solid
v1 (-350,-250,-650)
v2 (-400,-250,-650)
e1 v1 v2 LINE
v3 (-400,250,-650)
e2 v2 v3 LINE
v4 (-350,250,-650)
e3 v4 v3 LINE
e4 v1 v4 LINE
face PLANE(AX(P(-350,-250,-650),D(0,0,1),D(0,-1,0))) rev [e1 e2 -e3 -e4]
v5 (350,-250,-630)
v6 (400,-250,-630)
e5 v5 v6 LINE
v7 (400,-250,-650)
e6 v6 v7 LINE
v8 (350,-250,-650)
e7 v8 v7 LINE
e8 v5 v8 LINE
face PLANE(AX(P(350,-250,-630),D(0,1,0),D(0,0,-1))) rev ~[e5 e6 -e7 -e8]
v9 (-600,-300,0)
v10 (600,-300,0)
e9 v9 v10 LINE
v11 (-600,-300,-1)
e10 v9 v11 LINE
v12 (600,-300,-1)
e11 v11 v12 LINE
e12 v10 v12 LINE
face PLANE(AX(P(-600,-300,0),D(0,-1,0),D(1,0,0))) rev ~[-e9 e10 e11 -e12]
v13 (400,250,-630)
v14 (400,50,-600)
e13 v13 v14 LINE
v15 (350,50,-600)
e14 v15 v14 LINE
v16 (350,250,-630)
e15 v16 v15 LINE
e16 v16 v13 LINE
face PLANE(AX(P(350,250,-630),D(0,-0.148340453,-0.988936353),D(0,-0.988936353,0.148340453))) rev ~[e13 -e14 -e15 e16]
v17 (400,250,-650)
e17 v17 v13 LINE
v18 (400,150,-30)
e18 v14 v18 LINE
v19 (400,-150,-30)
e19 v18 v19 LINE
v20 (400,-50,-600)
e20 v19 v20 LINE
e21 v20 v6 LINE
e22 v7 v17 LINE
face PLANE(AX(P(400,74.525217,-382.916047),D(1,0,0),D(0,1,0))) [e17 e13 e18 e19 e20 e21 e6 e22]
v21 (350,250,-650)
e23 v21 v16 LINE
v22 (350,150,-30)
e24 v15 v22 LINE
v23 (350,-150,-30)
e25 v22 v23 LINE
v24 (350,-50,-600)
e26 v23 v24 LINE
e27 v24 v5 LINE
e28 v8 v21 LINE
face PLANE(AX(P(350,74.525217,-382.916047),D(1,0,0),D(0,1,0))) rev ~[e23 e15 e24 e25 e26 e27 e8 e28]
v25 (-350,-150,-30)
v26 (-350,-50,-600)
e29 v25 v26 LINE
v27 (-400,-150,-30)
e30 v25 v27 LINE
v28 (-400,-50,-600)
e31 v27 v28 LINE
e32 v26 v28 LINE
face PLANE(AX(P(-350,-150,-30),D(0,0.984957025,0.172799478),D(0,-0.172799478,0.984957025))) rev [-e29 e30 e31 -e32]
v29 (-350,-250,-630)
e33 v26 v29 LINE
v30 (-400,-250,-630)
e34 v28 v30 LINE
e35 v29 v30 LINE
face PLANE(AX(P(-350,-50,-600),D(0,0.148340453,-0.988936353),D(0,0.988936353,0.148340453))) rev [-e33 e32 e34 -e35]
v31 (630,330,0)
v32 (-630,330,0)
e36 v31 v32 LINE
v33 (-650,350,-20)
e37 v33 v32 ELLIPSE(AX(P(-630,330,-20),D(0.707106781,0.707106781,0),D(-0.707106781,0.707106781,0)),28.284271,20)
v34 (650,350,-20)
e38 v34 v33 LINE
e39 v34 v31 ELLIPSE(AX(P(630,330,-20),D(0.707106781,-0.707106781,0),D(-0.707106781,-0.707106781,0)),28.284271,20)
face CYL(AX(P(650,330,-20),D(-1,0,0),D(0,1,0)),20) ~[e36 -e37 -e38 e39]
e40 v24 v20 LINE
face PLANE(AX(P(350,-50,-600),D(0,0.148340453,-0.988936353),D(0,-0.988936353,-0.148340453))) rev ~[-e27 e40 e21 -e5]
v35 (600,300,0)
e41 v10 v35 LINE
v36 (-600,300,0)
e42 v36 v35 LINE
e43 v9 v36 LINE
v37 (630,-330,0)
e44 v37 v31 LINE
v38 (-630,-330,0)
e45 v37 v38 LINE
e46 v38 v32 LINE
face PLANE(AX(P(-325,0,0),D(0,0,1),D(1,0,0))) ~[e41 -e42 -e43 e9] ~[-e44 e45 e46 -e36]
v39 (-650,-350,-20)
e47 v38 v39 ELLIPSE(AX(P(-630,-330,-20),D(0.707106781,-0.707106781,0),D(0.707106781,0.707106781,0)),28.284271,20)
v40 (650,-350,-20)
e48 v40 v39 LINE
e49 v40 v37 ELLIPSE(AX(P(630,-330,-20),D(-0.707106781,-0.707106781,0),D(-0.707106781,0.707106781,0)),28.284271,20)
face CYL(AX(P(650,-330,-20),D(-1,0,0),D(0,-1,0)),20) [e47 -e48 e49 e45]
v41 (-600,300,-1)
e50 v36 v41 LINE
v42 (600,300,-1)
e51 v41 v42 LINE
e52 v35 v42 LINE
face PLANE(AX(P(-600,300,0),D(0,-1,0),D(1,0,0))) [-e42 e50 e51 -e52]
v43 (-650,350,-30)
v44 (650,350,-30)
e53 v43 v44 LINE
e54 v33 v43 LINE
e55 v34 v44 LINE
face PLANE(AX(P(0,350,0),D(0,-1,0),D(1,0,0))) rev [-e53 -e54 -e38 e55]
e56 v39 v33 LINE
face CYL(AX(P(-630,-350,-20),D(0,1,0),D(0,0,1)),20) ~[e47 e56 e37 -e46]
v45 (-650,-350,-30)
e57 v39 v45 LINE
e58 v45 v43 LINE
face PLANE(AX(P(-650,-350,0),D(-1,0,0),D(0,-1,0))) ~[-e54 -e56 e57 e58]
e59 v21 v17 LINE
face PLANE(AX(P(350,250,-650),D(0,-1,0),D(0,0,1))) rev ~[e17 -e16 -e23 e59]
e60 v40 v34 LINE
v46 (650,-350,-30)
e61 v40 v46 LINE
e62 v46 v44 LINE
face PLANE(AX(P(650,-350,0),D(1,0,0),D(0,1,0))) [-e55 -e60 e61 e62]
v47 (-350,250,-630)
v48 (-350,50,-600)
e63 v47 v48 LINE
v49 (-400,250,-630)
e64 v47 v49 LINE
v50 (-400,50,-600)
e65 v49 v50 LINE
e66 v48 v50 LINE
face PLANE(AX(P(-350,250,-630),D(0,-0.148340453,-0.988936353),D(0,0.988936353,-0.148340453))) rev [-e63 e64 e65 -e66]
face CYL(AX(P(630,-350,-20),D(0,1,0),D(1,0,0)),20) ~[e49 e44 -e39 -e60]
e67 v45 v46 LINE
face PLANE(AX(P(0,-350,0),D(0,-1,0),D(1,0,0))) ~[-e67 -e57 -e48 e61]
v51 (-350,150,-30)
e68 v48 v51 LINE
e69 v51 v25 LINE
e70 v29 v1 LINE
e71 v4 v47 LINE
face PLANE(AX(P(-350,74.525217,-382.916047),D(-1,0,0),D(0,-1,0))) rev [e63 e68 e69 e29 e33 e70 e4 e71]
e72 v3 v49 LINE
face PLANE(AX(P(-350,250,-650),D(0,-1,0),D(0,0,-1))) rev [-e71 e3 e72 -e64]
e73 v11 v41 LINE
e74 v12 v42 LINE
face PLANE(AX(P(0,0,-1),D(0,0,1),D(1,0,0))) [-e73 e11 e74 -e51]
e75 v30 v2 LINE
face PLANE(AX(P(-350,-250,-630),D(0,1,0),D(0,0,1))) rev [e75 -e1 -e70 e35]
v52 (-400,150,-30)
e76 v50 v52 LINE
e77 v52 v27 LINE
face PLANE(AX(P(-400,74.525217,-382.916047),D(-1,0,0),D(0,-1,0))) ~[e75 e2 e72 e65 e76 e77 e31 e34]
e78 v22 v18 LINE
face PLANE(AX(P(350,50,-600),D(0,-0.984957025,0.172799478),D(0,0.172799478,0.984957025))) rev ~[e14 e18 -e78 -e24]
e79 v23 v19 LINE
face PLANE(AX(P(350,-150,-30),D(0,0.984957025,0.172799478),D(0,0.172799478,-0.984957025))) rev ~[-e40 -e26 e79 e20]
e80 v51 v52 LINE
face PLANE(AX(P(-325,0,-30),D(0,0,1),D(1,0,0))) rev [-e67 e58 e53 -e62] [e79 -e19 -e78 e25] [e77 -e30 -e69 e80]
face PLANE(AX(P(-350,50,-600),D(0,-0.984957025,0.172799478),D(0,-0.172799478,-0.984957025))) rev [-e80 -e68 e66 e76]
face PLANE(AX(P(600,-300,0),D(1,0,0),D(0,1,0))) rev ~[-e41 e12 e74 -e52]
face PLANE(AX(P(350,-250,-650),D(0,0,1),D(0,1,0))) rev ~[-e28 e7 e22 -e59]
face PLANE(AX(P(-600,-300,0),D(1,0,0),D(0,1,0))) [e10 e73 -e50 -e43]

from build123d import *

# Parameters (mm, degrees)
F0_W     = 650
F0_H     = 700
F1_DEPTH = 30
F3_START = 350
F3_DEPTH = 50
F5_R     = 20
F6_W     = 1200
F6_H     = 600
F7_DEPTH = 1


with BuildPart() as f1:
    # F0 (on Top) → F1 (new body)
    with BuildSketch(Plane.XY):
        with Locations((325, 0)):
            Rectangle(F0_W, F0_H)
    extrude(amount=-F1_DEPTH)

    # F2 (on Right) → F3 (join)
    with BuildSketch(Plane.YZ.offset(F3_START)):
        Polygon((150, -30), (0, -30), (0, -650), (250, -650), (250, -630), (50, -600), align=None)
        Polygon((0, -650), (0, -30), (-150, -30), (-50, -600), (-250, -630), (-250, -650), align=None)
    extrude(amount=F3_DEPTH)

    # F4: F1 across plane


with BuildPart() as f1_1:
    add(f1.part)
    add(f1.part.mirror(Plane.YZ))

    # F5
    f5_edges = [f1_1.edges().sort_by_distance(p)[0] for p in [
        (0, 350, 0),
        (-650, 0, 0),
        (0, -350, 0),
        (650, 0, 0),
    ]]
    fillet(f5_edges, radius=F5_R)

    # F6 (on Top) → F7 (cut)
    with BuildSketch(Plane.XY):
        Rectangle(F6_W, F6_H)
    extrude(amount=-F7_DEPTH, mode=Mode.SUBTRACT)


solid = f1_1.part
